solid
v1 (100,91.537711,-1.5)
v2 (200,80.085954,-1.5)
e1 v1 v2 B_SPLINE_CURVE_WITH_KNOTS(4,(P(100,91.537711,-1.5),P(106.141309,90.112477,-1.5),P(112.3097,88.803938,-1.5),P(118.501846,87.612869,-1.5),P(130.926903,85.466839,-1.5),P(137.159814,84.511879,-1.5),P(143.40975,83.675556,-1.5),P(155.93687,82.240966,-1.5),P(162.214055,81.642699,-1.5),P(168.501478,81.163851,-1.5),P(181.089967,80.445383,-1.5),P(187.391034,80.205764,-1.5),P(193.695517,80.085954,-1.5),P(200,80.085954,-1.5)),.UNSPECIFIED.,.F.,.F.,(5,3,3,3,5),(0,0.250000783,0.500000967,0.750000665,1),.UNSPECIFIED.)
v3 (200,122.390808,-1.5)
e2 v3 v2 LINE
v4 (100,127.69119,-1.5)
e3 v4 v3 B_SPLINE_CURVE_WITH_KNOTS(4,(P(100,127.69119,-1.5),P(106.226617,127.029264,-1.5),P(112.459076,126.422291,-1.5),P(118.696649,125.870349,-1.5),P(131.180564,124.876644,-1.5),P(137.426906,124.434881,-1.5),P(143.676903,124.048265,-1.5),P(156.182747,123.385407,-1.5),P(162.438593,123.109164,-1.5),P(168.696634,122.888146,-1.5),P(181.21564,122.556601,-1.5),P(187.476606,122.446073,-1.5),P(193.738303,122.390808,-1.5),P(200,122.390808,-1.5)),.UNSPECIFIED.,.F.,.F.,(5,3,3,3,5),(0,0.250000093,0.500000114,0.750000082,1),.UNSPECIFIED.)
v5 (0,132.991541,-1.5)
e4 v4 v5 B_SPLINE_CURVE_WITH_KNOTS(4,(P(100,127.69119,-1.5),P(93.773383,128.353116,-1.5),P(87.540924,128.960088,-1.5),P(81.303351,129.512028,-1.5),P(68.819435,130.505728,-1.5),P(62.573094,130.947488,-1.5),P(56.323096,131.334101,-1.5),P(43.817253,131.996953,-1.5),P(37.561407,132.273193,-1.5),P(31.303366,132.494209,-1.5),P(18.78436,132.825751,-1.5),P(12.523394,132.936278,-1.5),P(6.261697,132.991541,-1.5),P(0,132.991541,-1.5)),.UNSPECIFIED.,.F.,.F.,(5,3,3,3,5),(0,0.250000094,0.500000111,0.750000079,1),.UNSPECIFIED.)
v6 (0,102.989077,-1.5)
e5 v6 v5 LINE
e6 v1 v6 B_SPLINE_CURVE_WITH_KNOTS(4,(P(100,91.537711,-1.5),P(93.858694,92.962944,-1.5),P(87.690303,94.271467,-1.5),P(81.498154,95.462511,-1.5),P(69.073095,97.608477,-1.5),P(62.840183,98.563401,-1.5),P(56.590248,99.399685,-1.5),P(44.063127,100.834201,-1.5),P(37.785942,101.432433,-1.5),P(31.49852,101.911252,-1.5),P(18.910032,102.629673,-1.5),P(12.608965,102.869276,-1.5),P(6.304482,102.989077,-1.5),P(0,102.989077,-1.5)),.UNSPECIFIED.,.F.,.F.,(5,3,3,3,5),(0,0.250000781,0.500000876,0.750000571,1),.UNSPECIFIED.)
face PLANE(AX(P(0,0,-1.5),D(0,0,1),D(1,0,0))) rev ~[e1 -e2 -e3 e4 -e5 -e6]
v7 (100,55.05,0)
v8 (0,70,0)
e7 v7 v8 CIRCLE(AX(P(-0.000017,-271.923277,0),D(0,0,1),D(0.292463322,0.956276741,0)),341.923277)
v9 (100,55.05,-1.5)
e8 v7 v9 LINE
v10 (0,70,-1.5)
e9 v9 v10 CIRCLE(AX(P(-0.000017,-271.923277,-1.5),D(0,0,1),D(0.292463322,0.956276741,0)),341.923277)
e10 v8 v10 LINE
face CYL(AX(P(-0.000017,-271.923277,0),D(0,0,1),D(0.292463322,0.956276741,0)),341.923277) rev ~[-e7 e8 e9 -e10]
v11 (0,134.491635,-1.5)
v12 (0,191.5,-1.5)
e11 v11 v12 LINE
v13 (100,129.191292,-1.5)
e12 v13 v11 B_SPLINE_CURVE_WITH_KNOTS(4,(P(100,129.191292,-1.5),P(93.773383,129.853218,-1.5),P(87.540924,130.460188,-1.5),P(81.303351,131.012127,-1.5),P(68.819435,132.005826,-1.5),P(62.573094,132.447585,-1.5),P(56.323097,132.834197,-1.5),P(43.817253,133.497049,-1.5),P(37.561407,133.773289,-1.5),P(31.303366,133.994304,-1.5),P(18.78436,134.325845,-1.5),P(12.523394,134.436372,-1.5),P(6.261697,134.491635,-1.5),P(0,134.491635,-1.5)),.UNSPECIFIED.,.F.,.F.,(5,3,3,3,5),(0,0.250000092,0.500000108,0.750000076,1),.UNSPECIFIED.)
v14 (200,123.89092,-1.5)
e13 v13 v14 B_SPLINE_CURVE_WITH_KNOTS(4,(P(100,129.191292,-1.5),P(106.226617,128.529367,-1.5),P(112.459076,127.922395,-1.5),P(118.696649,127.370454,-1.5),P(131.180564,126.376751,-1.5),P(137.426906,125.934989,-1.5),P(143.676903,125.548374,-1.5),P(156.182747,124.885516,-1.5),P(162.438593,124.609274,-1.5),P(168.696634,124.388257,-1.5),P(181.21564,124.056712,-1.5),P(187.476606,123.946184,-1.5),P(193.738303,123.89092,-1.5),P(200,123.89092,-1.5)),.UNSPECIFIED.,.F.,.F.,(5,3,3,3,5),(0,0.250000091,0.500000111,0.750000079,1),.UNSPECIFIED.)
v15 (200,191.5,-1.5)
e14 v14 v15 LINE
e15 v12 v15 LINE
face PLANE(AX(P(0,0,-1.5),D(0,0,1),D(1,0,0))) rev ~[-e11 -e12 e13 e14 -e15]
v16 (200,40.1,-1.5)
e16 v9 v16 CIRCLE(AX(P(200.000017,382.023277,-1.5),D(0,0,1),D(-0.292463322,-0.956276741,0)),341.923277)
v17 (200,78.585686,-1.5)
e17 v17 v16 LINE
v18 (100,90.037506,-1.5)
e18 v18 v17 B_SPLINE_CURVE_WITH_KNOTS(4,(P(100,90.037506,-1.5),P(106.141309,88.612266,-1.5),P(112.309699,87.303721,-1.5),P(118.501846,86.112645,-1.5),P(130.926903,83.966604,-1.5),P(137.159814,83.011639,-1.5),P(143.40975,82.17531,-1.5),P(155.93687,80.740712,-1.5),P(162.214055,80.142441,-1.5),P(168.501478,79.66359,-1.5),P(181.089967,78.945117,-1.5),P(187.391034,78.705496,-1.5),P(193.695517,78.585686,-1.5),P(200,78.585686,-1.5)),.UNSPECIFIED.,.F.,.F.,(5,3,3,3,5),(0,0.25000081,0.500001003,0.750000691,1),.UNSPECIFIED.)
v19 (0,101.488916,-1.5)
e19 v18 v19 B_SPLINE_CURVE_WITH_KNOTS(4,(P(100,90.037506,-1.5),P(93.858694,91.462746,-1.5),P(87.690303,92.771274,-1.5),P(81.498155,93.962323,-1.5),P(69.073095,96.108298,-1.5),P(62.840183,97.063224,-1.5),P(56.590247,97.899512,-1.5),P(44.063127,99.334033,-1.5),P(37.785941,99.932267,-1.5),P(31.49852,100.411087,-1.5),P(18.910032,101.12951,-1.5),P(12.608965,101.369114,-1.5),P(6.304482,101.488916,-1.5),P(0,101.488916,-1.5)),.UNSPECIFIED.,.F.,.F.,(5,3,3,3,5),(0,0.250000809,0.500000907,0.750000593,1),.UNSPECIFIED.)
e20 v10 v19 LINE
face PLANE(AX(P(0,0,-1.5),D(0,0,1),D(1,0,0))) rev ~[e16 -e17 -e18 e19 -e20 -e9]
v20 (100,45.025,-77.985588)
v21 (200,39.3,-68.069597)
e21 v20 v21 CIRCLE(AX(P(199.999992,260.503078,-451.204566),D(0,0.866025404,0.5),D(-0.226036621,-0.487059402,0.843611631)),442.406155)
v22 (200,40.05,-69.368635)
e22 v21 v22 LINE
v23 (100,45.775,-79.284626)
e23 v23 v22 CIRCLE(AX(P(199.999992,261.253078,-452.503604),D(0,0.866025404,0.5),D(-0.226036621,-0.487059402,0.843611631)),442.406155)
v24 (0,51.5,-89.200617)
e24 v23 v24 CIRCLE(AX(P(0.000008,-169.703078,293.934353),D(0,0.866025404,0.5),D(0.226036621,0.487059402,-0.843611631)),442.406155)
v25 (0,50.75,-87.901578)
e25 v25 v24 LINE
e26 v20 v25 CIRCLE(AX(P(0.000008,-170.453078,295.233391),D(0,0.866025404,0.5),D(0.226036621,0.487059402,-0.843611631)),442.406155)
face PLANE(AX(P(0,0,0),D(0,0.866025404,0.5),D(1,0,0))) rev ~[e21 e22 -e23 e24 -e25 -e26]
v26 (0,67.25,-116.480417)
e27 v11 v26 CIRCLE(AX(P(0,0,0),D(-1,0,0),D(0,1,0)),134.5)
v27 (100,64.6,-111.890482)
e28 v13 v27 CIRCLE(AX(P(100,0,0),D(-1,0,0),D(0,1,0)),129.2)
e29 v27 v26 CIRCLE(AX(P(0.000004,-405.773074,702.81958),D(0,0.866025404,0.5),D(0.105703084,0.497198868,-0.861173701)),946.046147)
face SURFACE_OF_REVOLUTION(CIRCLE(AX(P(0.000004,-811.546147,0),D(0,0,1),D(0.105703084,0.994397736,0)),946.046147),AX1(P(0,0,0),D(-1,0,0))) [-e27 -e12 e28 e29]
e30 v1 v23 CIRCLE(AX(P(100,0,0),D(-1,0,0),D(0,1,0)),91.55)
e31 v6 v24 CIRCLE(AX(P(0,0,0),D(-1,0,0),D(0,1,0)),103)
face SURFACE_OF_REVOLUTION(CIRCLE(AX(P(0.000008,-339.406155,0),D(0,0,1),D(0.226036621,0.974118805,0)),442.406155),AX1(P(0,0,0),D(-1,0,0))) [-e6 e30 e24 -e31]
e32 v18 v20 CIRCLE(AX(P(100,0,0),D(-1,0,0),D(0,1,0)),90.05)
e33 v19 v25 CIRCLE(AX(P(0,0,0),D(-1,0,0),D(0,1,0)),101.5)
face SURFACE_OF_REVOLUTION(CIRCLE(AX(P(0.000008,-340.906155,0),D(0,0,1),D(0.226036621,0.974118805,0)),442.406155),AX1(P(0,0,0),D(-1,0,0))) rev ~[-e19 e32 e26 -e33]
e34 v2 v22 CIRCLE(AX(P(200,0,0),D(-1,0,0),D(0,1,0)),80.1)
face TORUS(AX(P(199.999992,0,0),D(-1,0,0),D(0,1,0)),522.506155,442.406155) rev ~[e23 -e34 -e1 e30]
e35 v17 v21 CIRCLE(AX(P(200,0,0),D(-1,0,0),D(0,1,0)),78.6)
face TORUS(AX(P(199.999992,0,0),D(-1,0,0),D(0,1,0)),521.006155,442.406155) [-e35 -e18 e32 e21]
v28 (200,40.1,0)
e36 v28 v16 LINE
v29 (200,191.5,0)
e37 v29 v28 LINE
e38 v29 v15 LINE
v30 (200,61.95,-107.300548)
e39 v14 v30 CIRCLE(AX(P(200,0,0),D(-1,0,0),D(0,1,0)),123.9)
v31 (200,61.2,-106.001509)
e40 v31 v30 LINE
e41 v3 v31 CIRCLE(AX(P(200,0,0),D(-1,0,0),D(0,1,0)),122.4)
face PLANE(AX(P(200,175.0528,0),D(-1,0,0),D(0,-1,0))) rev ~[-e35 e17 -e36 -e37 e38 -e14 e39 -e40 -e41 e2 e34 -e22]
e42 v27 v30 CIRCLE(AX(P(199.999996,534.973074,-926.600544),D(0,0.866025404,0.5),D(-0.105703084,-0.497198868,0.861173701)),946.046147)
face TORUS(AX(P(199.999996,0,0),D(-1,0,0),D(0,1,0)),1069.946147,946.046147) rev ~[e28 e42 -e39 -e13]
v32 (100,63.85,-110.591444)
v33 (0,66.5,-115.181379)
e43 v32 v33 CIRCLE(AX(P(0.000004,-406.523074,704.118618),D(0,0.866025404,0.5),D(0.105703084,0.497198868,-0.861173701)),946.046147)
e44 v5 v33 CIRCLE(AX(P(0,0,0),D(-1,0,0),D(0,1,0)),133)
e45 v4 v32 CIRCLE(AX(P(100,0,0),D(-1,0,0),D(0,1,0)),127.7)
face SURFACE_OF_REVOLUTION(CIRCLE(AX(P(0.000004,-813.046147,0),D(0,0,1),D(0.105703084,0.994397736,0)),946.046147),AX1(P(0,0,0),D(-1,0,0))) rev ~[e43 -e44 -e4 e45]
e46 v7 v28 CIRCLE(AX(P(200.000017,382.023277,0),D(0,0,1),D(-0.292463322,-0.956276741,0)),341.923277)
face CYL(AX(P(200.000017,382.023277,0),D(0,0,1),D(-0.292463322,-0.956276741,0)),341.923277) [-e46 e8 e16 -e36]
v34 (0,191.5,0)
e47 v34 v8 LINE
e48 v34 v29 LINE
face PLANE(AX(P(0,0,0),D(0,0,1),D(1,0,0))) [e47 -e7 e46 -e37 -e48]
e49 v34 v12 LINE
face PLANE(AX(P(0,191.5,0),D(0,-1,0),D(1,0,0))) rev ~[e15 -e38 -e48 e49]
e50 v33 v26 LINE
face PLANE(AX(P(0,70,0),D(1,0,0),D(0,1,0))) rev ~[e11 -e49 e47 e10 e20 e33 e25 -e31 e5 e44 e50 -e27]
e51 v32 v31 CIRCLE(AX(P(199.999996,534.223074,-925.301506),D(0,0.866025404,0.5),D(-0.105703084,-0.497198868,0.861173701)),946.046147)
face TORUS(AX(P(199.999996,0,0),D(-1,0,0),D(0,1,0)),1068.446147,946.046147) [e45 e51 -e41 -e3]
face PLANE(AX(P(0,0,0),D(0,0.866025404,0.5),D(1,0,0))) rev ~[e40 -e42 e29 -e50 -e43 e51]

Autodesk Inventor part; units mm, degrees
ref_plane "YZ Plane" through (0, 0, 0) normal (1, 0, 0) x (0, 1, 0)
ref_plane "XZ Plane" through (0, 0, 0) normal (0, 1, 0) x (-1, 0, 0)
ref_plane "XY Plane" through (0, 0, 0) normal (0, 0, 1) x (1, 0, 0)
sketch "Skizze1" plane through (0, 0, 0) normal (0, 0, 1) x (1, 0, 0)
  line L0 (0, 0) -> (200, 0) construction
  line L1 (200, 0) -> (200, 40.1) construction
  line L2 (200, 40.1) -> (200, 41.6)
  line L3 (0, 0) -> (0, 70) construction
  line L4 (0, 70) -> (0, 71.5)
  arc A0 (100, 55.05) -> (0, 70) centre (0, -271.9232) ccw
  arc A1 (100, 55.05) -> (200, 40.1) centre (200, 382.0232) ccw
  arc A2 (100, 56.55) -> (0, 71.5) centre (0, -270.4232) ccw
  arc A3 (100, 56.55) -> (200, 41.6) centre (200, 383.5232) ccw
  line L5 (0, 71.5) -> (0, 101.5) construction
  line L6 (200, 41.6) -> (200, 78.6) construction
  line L7 (0, 101.5) -> (0, 103)
  line L8 (200, 78.6) -> (200, 80.1)
  line L9 (0, 103) -> (0, 133) construction
  line L10 (0, 133) -> (0, 134.5)
  line L11 (200, 80.1) -> (200, 122.4) construction
  line L12 (200, 122.4) -> (200, 123.9)
  arc A4 (100, 90.05) -> (200, 78.6) centre (200, 521.0062) ccw
  arc A5 (100, 91.55) -> (200, 80.1) centre (200, 522.5062) ccw
  arc A6 (100, 90.05) -> (0, 101.5) centre (0, -340.9062) ccw
  arc A7 (100, 91.55) -> (0, 103) centre (0, -339.4062) ccw
  arc A8 (100, 129.2) -> (200, 123.9) centre (200, 1069.9462) ccw
  arc A9 (100, 127.7) -> (0, 133) centre (0, -813.0462) ccw
  arc A10 (100, 127.7) -> (200, 122.4) centre (200, 1068.4462) ccw
  arc A11 (100, 129.2) -> (0, 134.5) centre (0, -811.5462) ccw
  line L13 (0, 0) -> (0, 190) construction
  line L14 (0, 190) -> (200, 190) construction
  line L15 (200, 190) -> (200, 191.5) construction
  line L16 (0, 190) -> (0, 191.5) construction
  line L17 (0, 191.5) -> (200, 191.5) construction
  line L18 (0, 0) -> (200, 0)
  point P0 (143.9749, 47.5506)
  point P1 (136.2206, 124.2462)
  point P2 (104.2284, 54.3303)
  dimension "d0" = 200
  dimension "d1" = 40.1
  dimension "d2" = 1.5
  dimension "d3" = 70
  dimension "d4" = 1.5
  dimension "d5" = 30
  dimension "d6" = 37
  dimension "d7" = 1.5
  dimension "d8" = 1.5
  dimension "d9" = 30
  dimension "d10" = 1.5
  dimension "d11" = 42.3
  dimension "d12" = 1.5
  dimension "d13" = 100
  dimension "d14" = 100
  dimension "d15" = 100
  dimension "d56" = 190
  dimension "d57" = 200
  dimension "d58" = 90
  dimension "d59" = 1.5
  dimension "d60" = 1.5
  dimension "d61" = 200
  dimension "d89" = 55.5
revolve "Umdrehung1" add sketch "Skizze1" angle 60 about axis through (0, 0, 0) along (-1, 0, 0) contours L7 A7 A5 L8 A4 A6 | L10 A11 A8 L12 A10 A9
sketch "Skizze3" plane through (0, 0, 0) normal (0, 0, 1) x (1, 0, 0)
  line L0 (200, 175.0528) -> (200, 191.5)
  line L1 (0, 191.5) -> (200, 191.5)
  arc A0 (100, 55.05) -> (0, 70) centre (0, -271.9232) ccw projected
  arc A1 (100, 55.05) -> (200, 40.1) centre (200, 382.0232) ccw projected
  line L2 (0, 70) -> (0, 191.5)
  line L3 (200, 191.5) -> (200, 40.1)
  point P0 (0, 0)
  point P1 (0, 0)
  point P2 (0, 0)
  point P3 (143.9749, 47.5506)
  point P4 (136.2206, 124.2462)
  point P5 (104.2284, 54.3303)
  point P6 (0, 0)
  dimension "d90" = 191.5
  dimension "d91" = 200
extrude "Extrusion1" add sketch "Skizze3" against normal blind 1.5
properties part number "Diffusoren mit Trennwand"
